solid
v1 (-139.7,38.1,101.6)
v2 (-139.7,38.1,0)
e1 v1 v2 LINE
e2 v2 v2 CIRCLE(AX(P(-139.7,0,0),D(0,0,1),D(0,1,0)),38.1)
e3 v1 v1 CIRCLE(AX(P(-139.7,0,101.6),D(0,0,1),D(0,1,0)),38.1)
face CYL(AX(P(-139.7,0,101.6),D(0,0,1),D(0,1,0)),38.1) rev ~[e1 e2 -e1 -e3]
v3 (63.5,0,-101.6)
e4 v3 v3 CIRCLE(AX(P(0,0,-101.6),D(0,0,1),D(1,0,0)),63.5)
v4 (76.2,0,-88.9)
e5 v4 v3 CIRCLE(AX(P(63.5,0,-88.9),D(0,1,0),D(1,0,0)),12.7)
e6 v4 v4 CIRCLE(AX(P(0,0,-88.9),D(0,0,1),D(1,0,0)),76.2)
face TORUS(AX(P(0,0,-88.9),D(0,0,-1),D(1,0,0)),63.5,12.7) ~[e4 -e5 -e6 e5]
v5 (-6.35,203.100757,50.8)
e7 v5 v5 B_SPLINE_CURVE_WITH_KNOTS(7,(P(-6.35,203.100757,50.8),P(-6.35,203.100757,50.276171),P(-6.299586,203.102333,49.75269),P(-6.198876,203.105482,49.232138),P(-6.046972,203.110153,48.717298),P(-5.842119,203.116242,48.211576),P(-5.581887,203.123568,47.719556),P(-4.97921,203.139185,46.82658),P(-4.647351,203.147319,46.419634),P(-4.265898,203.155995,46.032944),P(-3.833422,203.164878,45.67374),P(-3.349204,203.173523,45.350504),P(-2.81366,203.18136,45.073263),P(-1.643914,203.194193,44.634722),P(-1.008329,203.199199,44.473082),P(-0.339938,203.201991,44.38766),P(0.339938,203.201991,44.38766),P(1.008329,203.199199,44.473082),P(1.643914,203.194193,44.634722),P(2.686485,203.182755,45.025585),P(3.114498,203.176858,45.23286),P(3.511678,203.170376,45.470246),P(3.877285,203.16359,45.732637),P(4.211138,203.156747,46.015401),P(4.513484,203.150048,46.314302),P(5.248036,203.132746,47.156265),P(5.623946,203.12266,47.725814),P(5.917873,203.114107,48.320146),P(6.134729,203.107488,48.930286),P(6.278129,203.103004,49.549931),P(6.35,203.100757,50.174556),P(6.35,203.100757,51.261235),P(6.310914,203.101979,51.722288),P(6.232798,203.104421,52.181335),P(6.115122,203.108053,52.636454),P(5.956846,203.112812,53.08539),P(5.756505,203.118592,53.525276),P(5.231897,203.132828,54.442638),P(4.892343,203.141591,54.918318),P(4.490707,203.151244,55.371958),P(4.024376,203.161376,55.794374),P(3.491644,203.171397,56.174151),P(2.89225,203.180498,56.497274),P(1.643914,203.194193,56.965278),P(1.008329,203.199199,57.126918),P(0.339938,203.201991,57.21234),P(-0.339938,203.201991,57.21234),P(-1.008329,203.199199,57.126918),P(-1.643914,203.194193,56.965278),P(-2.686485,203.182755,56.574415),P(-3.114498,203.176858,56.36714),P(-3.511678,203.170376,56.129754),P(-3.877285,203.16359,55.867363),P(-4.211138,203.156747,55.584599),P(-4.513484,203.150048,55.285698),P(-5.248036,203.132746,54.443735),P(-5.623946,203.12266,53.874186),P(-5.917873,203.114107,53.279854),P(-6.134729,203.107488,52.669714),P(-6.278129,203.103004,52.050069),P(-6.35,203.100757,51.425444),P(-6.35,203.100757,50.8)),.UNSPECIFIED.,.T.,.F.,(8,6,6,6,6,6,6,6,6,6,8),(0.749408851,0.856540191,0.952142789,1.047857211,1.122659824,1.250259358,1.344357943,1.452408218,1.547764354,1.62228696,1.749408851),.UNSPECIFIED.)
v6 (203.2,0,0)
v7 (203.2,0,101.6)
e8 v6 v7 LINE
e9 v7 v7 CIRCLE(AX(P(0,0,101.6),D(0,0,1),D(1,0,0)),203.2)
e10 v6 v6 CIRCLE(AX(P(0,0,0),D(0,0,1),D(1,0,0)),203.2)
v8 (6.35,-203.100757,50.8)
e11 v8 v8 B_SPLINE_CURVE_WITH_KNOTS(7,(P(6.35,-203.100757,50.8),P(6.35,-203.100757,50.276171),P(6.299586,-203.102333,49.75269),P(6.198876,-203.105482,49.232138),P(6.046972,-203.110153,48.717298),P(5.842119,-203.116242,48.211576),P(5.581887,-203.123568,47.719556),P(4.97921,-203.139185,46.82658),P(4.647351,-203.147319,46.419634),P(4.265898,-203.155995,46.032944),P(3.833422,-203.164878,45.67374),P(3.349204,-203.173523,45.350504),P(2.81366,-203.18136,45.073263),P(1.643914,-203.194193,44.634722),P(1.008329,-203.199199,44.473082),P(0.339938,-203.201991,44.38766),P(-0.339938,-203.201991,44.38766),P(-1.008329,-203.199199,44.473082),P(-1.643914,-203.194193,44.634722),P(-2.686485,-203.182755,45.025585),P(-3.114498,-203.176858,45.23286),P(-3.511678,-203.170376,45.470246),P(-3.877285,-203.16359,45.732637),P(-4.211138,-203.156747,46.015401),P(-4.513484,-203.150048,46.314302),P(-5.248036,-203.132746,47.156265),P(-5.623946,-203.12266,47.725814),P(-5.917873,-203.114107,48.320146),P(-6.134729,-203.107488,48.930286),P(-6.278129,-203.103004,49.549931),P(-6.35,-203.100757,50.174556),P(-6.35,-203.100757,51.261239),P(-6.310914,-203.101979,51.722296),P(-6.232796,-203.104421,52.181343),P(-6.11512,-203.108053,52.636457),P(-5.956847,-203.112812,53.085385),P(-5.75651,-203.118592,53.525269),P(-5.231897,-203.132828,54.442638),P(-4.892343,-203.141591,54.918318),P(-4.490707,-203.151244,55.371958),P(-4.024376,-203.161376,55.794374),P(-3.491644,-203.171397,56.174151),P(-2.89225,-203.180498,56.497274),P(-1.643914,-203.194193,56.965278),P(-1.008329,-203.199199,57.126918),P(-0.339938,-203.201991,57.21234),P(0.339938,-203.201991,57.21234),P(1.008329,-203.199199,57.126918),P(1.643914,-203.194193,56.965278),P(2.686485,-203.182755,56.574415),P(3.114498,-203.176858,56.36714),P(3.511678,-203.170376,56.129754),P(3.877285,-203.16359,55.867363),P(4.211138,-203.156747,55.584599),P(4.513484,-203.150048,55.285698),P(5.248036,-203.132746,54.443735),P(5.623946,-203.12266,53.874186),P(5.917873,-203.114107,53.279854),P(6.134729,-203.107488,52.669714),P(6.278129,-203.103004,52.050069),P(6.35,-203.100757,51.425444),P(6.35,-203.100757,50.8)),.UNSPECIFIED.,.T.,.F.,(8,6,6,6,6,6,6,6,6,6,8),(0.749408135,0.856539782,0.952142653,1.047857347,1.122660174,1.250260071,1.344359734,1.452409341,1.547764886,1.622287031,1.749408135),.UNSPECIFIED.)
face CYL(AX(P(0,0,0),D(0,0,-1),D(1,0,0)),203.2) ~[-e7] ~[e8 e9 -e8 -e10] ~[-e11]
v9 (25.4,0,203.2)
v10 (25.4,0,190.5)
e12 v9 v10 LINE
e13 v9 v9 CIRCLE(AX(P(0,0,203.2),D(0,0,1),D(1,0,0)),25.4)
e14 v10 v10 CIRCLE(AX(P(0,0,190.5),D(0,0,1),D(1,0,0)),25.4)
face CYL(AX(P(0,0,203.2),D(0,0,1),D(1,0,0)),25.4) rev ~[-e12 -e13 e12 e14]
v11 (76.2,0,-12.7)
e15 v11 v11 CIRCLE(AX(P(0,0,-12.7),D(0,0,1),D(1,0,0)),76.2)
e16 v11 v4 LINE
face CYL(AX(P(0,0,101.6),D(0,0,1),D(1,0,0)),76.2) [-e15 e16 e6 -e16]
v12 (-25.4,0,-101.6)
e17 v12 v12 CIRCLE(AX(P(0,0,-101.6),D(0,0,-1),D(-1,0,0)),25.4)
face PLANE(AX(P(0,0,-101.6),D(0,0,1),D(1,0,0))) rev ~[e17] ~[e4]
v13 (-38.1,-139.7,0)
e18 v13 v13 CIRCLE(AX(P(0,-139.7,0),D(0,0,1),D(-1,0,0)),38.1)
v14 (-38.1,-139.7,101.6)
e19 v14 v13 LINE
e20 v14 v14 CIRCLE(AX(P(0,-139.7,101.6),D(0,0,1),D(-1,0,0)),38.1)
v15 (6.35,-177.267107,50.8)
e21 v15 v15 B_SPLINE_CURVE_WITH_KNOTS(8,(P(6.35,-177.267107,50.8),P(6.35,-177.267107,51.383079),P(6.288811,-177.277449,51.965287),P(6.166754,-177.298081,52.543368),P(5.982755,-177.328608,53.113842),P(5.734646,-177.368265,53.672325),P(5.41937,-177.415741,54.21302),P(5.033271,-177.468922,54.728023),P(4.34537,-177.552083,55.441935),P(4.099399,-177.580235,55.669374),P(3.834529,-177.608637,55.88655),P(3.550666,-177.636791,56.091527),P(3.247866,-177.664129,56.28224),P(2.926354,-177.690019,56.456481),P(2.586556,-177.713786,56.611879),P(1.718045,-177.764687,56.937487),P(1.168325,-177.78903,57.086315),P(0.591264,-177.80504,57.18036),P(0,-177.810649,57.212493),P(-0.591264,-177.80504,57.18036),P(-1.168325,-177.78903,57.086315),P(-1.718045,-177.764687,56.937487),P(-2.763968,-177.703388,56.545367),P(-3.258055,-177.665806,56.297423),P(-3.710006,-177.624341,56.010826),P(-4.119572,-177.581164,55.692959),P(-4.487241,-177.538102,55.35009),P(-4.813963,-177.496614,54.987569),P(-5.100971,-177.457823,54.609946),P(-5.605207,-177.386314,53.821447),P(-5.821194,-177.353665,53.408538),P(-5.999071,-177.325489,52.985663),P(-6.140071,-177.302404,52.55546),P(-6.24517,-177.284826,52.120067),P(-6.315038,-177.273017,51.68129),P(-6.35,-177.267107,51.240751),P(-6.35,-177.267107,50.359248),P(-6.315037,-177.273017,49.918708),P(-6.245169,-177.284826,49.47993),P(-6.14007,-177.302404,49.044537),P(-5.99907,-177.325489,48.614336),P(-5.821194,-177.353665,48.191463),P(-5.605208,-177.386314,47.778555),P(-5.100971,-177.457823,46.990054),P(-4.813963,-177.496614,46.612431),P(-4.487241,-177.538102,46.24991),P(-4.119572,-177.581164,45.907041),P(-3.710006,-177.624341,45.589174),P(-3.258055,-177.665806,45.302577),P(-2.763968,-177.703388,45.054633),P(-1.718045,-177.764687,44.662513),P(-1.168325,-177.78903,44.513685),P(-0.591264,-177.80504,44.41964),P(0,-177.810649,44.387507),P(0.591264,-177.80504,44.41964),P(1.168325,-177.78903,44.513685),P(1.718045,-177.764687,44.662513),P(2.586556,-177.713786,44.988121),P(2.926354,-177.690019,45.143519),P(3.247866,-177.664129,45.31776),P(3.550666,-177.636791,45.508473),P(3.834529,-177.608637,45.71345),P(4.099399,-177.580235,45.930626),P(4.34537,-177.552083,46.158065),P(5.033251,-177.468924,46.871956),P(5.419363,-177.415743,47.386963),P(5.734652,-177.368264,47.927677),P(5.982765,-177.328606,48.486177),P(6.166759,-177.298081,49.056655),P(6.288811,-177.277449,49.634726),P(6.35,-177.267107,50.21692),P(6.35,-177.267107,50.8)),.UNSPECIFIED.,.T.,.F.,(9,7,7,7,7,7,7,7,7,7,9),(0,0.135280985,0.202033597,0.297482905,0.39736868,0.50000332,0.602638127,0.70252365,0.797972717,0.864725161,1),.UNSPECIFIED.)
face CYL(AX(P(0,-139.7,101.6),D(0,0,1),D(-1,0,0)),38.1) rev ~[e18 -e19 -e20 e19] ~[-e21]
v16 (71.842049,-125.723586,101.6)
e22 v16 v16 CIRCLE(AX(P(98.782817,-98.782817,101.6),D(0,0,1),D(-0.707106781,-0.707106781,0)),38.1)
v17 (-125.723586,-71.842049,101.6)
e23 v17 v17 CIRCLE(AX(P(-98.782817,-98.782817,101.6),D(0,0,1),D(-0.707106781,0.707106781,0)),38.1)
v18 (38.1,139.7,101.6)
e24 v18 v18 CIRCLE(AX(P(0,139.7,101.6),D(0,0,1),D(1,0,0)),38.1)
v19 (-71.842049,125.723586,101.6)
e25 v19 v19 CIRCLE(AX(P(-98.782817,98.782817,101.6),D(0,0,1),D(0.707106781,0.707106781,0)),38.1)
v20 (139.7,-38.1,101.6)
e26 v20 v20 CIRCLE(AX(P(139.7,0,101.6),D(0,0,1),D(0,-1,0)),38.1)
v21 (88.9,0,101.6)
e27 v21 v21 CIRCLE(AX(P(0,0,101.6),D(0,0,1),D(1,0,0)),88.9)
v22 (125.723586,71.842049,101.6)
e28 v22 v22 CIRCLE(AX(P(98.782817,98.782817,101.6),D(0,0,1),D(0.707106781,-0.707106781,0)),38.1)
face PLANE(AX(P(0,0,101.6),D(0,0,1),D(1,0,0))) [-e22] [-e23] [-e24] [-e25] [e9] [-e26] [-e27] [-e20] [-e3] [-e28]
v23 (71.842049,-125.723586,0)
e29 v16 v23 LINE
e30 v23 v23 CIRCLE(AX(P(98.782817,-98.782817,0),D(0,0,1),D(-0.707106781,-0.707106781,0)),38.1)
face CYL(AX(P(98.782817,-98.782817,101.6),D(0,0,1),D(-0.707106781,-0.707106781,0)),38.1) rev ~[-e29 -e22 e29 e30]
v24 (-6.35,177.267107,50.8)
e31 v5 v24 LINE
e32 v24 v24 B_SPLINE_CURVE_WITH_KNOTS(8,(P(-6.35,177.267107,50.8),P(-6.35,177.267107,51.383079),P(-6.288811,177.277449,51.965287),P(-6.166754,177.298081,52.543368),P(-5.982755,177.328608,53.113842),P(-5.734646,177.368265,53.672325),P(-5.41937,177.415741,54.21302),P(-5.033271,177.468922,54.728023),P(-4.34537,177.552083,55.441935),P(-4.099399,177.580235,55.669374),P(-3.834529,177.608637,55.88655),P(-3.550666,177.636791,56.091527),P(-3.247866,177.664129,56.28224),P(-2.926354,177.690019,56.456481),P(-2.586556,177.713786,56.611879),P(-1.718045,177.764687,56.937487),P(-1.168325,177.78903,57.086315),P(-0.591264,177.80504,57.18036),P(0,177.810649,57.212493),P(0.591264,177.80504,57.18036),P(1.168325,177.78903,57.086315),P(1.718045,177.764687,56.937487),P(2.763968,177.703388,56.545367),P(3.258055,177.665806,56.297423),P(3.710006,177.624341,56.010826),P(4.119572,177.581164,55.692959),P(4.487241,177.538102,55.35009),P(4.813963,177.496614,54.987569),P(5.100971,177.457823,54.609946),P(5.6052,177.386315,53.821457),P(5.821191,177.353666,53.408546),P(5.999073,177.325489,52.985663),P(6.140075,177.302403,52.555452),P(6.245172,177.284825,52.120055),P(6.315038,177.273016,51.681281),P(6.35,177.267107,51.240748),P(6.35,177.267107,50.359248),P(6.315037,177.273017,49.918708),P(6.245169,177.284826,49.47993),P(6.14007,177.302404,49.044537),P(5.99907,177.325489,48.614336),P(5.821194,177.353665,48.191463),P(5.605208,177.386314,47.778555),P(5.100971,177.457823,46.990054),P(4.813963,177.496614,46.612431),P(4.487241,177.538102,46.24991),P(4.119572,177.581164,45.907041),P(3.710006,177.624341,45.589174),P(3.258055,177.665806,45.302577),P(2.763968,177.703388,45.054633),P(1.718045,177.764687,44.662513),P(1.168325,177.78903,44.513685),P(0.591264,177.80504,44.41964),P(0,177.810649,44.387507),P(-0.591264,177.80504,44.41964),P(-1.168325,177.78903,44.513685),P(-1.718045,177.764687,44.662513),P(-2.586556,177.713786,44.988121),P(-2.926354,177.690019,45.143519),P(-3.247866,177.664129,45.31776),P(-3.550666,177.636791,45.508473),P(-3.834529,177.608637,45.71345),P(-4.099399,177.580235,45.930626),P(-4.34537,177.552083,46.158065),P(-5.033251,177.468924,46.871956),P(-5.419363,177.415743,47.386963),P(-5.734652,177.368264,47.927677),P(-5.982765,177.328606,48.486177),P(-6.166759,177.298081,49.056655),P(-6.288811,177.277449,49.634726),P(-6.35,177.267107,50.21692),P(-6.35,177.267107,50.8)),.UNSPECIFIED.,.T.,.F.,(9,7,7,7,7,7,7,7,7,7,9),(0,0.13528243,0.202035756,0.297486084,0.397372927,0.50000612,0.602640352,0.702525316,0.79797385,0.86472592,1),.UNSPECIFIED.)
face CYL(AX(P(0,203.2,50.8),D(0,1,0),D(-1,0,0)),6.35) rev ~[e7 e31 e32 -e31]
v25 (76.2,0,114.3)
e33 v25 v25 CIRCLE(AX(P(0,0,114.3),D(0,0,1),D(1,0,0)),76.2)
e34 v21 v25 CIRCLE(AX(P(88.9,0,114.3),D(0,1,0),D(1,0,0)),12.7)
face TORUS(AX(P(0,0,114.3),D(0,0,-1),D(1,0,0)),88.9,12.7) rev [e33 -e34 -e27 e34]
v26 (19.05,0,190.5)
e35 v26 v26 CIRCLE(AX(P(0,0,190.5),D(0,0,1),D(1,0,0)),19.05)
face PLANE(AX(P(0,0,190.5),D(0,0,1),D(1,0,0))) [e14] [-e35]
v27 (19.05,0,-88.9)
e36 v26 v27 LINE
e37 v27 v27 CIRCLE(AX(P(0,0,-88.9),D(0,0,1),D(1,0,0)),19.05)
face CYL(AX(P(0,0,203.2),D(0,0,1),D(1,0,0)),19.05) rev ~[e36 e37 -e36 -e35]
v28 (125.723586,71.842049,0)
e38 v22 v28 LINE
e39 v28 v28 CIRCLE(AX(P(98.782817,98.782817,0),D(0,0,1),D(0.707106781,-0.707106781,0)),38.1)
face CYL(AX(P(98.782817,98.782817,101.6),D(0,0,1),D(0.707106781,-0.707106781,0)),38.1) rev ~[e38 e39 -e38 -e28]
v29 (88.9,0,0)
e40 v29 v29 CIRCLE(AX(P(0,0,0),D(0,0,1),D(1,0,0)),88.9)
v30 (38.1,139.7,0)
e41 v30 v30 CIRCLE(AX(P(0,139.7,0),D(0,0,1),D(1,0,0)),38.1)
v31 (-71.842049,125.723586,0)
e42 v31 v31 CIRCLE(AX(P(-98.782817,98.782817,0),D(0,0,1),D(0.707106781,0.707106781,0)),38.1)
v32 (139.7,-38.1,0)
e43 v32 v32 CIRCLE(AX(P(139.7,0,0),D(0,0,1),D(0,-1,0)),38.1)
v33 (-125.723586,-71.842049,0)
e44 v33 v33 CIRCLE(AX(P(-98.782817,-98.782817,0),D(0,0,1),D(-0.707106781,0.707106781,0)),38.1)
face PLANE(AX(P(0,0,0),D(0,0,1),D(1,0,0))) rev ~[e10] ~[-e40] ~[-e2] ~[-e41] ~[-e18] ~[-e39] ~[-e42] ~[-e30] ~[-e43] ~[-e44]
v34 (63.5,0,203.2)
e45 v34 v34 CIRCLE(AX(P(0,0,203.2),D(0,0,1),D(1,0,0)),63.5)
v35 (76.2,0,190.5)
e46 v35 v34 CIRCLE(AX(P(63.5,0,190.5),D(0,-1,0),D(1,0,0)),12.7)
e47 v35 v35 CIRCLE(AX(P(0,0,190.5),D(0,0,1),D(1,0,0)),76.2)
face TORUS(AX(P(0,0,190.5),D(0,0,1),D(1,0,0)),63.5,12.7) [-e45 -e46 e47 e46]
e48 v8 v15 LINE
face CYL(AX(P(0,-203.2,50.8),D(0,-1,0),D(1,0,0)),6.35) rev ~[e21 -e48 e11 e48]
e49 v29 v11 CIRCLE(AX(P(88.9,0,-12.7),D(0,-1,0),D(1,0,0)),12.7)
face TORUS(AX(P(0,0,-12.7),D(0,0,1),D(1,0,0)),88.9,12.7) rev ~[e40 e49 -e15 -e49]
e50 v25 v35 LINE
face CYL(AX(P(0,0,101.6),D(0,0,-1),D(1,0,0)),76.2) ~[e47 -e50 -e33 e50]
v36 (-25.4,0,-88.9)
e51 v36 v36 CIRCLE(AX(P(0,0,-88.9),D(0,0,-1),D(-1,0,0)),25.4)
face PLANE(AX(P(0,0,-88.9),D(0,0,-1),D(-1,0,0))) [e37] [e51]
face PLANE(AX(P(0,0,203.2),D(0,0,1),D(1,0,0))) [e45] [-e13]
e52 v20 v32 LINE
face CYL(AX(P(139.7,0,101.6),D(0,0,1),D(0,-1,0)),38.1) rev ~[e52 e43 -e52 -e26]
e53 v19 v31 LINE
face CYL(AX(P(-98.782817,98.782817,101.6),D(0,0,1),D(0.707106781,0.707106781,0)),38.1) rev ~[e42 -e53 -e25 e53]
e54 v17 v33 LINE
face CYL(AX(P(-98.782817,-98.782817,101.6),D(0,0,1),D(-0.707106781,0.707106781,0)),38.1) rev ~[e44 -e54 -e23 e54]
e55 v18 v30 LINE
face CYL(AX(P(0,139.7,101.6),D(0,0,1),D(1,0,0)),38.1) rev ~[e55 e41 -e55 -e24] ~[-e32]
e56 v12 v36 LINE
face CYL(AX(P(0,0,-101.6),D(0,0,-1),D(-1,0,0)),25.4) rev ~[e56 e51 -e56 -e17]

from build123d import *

# Parameters (mm, degrees)
SKETCH1_R                = 203.2
BOSS_EXTRUDE1_DEPTH      = 101.6
BOSS_EXTRUDE2_DEPTH      = 101.6
BOSS_EXTRUDE2_DEPTH_BACK = 203.2
SKETCH3_R                = 76.2
SKETCH4_R                = 19.05
CUT_EXTRUDE2_DEPTH       = 419.907531563
SKETCH5_R                = 38.1
CUT_EXTRUDE3_DEPTH       = 101.6
CIRPATTERN1_COUNT        = 8
FILLET1_R                = 12.7
FILLET2_R                = 12.7
CUT_EXTRUDE4_REACH       = 499.736
SKETCH6_R                = 6.35
CUT_EXTRUDE5_REACH       = 499.736
SKETCH7_R                = 6.35
SKETCH8_R                = 25.4
CUT_EXTRUDE6_DEPTH       = 12.7
CUT_EXTRUDE7_START       = -12.7
SKETCH9_R                = 25.4
CUT_EXTRUDE7_DEPTH       = 12.7


with BuildPart() as part:
    # Sketch1 → Boss-Extrude1 (new body)
    with BuildSketch(Plane.XY):
        Circle(SKETCH1_R)
    extrude(amount=BOSS_EXTRUDE1_DEPTH)

    # Sketch3 → Boss-Extrude2 (add, two sides: drawn at the far end of the back side and taken through both)
    with BuildSketch(Plane.XY.offset(101.6).offset(-BOSS_EXTRUDE2_DEPTH_BACK)):
        Circle(SKETCH3_R)
    extrude(amount=BOSS_EXTRUDE2_DEPTH + BOSS_EXTRUDE2_DEPTH_BACK)

    # Sketch4 → Cut-Extrude2 (cut, through all)
    with BuildSketch(Plane.XY.offset(203.2)):
        Circle(SKETCH4_R)
    extrude(amount=-CUT_EXTRUDE2_DEPTH, mode=Mode.SUBTRACT)

    # Sketch5 → Cut-Extrude3 (cut)
    with BuildSketch(Plane.XY.offset(101.6)):
        with Locations((0, 139.7)):
            Circle(SKETCH5_R)
    cut_extrude3 = extrude(amount=-CUT_EXTRUDE3_DEPTH, mode=Mode.SUBTRACT)

    # CirPattern1: Cut-Extrude3 ×8 about axis
    cirpattern1_axis = Axis((0, 0, -101.6), (0, 0, 1))
    for i in range(1, CIRPATTERN1_COUNT):
        add(cut_extrude3.rotate(cirpattern1_axis, i * 360 / CIRPATTERN1_COUNT), mode=Mode.SUBTRACT)

    # Fillet1
    fillet1_edges = [part.edges().sort_by_distance(p)[0] for p in [
        (-76.2, 0, 101.6),
    ]]
    fillet(fillet1_edges, radius=FILLET1_R)

    # Fillet2
    fillet2_edges = [part.edges().sort_by_distance(p)[0] for p in [
        (-76.2, 0, -101.6),
        (-76.2, 0, 0),
        (-76.2, 0, 203.2),
    ]]
    fillet(fillet2_edges, radius=FILLET2_R)

    # Sketch6 → Cut-Extrude4 (cut, up to next)
    with BuildSketch(Plane(origin=(0, 203.2, 0), x_dir=(-1, 0, 0), z_dir=(0, 1, 0)), mode=Mode.PRIVATE) as cut_extrude4_sk1:
        with Locations((0, 50.8)):
            Circle(SKETCH6_R)
    cut_extrude4_tool1 = extrude(cut_extrude4_sk1.sketch, amount=-CUT_EXTRUDE4_REACH, mode=Mode.PRIVATE) & part.part
    add(cut_extrude4_tool1.solids().sort_by_distance((0, 203.2, 50.8))[0], mode=Mode.SUBTRACT)

    # Sketch7 → Cut-Extrude5 (cut, up to next)
    with BuildSketch(Plane.XZ.offset(203.2), mode=Mode.PRIVATE) as cut_extrude5_sk1:
        with Locations((0, 50.8)):
            Circle(SKETCH7_R)
    cut_extrude5_tool1 = extrude(cut_extrude5_sk1.sketch, amount=-CUT_EXTRUDE5_REACH, mode=Mode.PRIVATE) & part.part
    add(cut_extrude5_tool1.solids().sort_by_distance((0, -203.2, 50.8))[0], mode=Mode.SUBTRACT)

    # Sketch8 → Cut-Extrude6 (cut)
    with BuildSketch(Plane.XY.offset(203.2)):
        Circle(SKETCH8_R)
    extrude(amount=-CUT_EXTRUDE6_DEPTH, mode=Mode.SUBTRACT)

    # Sketch9 → Cut-Extrude7 (cut)
    with BuildSketch(Plane(origin=(0, 0, -101.6), x_dir=(-1, 0, 0), z_dir=(0, 0, -1)).offset(CUT_EXTRUDE7_START)):
        Circle(SKETCH9_R)
    extrude(amount=CUT_EXTRUDE7_DEPTH, mode=Mode.SUBTRACT)


solid = part.part
